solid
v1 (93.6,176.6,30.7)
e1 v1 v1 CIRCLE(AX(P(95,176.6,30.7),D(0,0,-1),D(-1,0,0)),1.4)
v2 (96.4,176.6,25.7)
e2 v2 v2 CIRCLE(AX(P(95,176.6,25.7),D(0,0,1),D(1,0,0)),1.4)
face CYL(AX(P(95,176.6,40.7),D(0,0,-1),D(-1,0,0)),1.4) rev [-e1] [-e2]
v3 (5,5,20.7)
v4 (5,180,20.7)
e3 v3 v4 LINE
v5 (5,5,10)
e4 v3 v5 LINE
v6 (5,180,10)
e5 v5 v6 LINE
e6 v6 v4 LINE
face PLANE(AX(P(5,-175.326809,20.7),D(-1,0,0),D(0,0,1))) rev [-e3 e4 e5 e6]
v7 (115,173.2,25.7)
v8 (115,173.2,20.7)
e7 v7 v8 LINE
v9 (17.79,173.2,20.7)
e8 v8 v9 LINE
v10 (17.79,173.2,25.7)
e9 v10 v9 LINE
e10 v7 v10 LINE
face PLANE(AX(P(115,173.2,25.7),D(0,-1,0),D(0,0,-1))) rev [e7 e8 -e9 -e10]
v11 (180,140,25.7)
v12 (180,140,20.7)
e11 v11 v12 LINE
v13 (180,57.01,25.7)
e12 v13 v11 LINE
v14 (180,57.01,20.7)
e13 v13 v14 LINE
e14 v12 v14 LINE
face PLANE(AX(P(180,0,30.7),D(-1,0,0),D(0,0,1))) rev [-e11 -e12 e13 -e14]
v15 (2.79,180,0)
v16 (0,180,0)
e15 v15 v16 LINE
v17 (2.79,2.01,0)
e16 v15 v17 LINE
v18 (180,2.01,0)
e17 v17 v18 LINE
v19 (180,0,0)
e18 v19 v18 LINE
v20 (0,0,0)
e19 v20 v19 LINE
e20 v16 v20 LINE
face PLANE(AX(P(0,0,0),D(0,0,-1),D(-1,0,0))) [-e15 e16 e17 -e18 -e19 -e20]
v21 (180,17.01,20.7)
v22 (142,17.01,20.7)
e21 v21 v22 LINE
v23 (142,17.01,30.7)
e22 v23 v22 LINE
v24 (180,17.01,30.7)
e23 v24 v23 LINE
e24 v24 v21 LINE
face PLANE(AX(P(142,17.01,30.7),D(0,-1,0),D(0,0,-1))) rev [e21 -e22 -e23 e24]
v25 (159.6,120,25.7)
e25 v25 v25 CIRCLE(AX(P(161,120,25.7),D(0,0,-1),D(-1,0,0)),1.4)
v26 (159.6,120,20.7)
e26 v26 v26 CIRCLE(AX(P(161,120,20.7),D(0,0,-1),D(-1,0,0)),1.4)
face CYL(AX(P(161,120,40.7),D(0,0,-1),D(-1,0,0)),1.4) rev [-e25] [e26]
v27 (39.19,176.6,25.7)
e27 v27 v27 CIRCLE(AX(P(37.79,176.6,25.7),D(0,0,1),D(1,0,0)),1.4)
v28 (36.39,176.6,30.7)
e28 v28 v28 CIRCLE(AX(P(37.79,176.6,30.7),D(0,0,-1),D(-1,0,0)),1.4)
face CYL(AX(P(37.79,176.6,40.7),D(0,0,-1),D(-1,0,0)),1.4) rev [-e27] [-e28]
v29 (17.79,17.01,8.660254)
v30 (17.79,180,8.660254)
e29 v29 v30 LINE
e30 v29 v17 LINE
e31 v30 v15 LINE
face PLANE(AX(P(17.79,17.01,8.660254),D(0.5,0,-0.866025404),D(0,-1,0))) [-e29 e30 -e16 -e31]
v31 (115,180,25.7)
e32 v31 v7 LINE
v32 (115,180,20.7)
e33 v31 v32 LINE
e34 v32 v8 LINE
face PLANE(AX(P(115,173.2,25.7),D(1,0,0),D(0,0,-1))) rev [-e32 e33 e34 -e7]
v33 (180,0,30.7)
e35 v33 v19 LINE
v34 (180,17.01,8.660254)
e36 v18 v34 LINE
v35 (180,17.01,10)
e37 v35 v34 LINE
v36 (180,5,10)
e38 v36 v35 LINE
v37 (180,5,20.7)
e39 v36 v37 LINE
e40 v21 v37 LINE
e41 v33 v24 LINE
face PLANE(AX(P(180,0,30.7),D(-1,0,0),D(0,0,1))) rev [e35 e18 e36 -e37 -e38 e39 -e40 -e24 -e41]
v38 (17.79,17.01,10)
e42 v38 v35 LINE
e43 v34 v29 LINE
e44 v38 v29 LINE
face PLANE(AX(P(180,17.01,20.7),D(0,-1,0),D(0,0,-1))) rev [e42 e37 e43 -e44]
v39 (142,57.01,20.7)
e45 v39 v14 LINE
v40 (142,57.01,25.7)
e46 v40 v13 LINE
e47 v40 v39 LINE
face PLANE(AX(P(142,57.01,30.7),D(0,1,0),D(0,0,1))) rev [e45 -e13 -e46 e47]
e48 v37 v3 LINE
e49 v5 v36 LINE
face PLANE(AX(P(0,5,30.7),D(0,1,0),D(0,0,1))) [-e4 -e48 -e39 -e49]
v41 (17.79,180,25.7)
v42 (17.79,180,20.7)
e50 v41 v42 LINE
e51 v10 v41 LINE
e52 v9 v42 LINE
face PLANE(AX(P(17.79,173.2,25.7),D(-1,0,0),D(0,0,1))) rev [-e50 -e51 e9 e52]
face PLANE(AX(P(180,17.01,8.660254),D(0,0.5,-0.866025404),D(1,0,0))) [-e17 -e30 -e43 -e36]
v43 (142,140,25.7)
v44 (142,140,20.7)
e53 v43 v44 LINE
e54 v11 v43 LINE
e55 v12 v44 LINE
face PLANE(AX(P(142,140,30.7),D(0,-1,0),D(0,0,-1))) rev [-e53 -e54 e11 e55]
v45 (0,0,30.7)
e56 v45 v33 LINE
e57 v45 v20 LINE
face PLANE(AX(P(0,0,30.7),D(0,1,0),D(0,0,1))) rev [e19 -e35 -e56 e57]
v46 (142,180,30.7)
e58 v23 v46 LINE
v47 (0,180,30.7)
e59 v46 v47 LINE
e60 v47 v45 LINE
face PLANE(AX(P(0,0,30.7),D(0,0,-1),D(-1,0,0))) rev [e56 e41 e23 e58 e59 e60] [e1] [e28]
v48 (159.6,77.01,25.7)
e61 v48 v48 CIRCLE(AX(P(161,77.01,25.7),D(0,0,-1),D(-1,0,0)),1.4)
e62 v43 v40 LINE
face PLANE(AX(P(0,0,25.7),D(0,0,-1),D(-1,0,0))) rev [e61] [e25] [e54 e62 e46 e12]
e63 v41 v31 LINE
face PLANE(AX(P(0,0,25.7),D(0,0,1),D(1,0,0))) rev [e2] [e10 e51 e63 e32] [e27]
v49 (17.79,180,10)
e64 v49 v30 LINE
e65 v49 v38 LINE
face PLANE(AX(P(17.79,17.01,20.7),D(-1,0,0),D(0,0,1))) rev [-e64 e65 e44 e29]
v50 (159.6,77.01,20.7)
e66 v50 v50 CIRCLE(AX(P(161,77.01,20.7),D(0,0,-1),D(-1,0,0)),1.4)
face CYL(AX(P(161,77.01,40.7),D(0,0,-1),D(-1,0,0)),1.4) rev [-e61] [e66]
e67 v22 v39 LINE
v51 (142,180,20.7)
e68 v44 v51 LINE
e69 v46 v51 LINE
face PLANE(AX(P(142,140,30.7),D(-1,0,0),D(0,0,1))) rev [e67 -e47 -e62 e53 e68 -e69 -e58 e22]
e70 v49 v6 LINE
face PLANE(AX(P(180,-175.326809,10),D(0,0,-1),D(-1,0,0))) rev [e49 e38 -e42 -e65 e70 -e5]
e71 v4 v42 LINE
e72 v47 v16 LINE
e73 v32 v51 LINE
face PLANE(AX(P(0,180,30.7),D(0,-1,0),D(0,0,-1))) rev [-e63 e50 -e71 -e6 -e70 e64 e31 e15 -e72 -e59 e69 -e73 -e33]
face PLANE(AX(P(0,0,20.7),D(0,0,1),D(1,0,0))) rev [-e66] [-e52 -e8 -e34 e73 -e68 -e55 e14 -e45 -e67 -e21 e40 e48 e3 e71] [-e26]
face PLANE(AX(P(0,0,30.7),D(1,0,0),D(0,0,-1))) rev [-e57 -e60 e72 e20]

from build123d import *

# Parameters (mm, degrees)
CROQUIS1_W              = 180
CROQUIS1_H              = 180
SALIENTE_EXTRUIR1_DEPTH = 30.7
CROQUIS2_W              = 162.21
CROQUIS2_H              = 162.99
CORTAR_EXTRUIR1_DEPTH   = 20.7
CROQUIS4_W              = 175
CROQUIS4_H              = 10.7
CORTAR_EXTRUIR2_DEPTH   = 175
CROQUIS5_W              = 38
CROQUIS5_H              = 40
CORTAR_EXTRUIR3_DEPTH   = 10
CROQUIS6_W              = 38
CROQUIS6_H              = 82.99
CORTAR_EXTRUIR4_DEPTH   = 5
CROQUIS7_W              = 97.21
CROQUIS7_H              = 6.8
CORTAR_EXTRUIR5_DEPTH   = 5
CHAFL_N1_SIZE           = 15
CHAFL_N1_SIZE2          = 8.660254038
CROQUIS8_R              = 1.4
CORTAR_EXTRUIR6_DEPTH   = 20


with BuildPart() as part:
    # Croquis1 → Saliente-Extruir1 (new body)
    with BuildSketch(Plane.XY):
        with Locations((90, 90)):
            Rectangle(CROQUIS1_W, CROQUIS1_H)
    extrude(amount=SALIENTE_EXTRUIR1_DEPTH)

    # Croquis2 → Cortar-Extruir1 (cut)
    with BuildSketch(Plane(origin=(0, 0, 0), x_dir=(-1, 0, 0), z_dir=(0, 0, -1))):
        with Locations((-98.895, 98.505)):
            Rectangle(CROQUIS2_W, CROQUIS2_H)
    extrude(amount=-CORTAR_EXTRUIR1_DEPTH, mode=Mode.SUBTRACT)

    # Croquis4 → Cortar-Extruir2 (cut)
    with BuildSketch(Plane(origin=(0, 180, 0), x_dir=(1, 0, 0), z_dir=(0, 1, 0))):
        with Locations((92.5, -15.35)):
            Rectangle(CROQUIS4_W, CROQUIS4_H)
    extrude(amount=-CORTAR_EXTRUIR2_DEPTH, mode=Mode.SUBTRACT)

    # Croquis5 → Cortar-Extruir3 (cut)
    with BuildSketch(Plane(origin=(0, 0, 20.7), x_dir=(-1, 0, 0), z_dir=(0, 0, -1))):
        with Locations((-161, 160)):
            Rectangle(CROQUIS5_W, CROQUIS5_H)
        with Locations((-161, 37.01)):
            Rectangle(CROQUIS5_W, CROQUIS5_H)
    extrude(amount=-CORTAR_EXTRUIR3_DEPTH, mode=Mode.SUBTRACT)

    # Croquis6 → Cortar-Extruir4 (cut)
    with BuildSketch(Plane.XY.offset(30.7)):
        with Locations((161, 98.505)):
            Rectangle(CROQUIS6_W, CROQUIS6_H)
    extrude(amount=-CORTAR_EXTRUIR4_DEPTH, mode=Mode.SUBTRACT)

    # Croquis7 → Cortar-Extruir5 (cut)
    with BuildSketch(Plane(origin=(0, 0, 20.7), x_dir=(-1, 0, 0), z_dir=(0, 0, -1))):
        with Locations((-66.395, 176.6)):
            Rectangle(CROQUIS7_W, CROQUIS7_H)
    extrude(amount=-CORTAR_EXTRUIR5_DEPTH, mode=Mode.SUBTRACT)

    # Chaflán1
    chafl_n1_edges = [part.edges().sort_by_distance(p)[0] for p in [
        (98.895, 17.01, 0),
        (17.79, 98.505, 0),
    ]]
    chafl_n1_side = [part.faces().sort_by_distance(p)[0] for p in [
        (2.545584412, 90, 0),
    ]]
    chamfer(chafl_n1_edges, length=CHAFL_N1_SIZE, length2=CHAFL_N1_SIZE2, reference=chafl_n1_side[0])

    # Croquis8 → Cortar-Extruir6 (cut)
    with BuildSketch(Plane(origin=(0, 0, 20.7), x_dir=(-1, 0, 0), z_dir=(0, 0, -1))):
        with Locations((-37.79, 176.6)):
            Circle(CROQUIS8_R)
        with Locations((-95, 176.6)):
            Circle(CROQUIS8_R)
        with Locations((-161, 120)):
            Circle(CROQUIS8_R)
        with Locations((-161, 77.01)):
            Circle(CROQUIS8_R)
    extrude(amount=-CORTAR_EXTRUIR6_DEPTH, mode=Mode.SUBTRACT)


solid = part.part
